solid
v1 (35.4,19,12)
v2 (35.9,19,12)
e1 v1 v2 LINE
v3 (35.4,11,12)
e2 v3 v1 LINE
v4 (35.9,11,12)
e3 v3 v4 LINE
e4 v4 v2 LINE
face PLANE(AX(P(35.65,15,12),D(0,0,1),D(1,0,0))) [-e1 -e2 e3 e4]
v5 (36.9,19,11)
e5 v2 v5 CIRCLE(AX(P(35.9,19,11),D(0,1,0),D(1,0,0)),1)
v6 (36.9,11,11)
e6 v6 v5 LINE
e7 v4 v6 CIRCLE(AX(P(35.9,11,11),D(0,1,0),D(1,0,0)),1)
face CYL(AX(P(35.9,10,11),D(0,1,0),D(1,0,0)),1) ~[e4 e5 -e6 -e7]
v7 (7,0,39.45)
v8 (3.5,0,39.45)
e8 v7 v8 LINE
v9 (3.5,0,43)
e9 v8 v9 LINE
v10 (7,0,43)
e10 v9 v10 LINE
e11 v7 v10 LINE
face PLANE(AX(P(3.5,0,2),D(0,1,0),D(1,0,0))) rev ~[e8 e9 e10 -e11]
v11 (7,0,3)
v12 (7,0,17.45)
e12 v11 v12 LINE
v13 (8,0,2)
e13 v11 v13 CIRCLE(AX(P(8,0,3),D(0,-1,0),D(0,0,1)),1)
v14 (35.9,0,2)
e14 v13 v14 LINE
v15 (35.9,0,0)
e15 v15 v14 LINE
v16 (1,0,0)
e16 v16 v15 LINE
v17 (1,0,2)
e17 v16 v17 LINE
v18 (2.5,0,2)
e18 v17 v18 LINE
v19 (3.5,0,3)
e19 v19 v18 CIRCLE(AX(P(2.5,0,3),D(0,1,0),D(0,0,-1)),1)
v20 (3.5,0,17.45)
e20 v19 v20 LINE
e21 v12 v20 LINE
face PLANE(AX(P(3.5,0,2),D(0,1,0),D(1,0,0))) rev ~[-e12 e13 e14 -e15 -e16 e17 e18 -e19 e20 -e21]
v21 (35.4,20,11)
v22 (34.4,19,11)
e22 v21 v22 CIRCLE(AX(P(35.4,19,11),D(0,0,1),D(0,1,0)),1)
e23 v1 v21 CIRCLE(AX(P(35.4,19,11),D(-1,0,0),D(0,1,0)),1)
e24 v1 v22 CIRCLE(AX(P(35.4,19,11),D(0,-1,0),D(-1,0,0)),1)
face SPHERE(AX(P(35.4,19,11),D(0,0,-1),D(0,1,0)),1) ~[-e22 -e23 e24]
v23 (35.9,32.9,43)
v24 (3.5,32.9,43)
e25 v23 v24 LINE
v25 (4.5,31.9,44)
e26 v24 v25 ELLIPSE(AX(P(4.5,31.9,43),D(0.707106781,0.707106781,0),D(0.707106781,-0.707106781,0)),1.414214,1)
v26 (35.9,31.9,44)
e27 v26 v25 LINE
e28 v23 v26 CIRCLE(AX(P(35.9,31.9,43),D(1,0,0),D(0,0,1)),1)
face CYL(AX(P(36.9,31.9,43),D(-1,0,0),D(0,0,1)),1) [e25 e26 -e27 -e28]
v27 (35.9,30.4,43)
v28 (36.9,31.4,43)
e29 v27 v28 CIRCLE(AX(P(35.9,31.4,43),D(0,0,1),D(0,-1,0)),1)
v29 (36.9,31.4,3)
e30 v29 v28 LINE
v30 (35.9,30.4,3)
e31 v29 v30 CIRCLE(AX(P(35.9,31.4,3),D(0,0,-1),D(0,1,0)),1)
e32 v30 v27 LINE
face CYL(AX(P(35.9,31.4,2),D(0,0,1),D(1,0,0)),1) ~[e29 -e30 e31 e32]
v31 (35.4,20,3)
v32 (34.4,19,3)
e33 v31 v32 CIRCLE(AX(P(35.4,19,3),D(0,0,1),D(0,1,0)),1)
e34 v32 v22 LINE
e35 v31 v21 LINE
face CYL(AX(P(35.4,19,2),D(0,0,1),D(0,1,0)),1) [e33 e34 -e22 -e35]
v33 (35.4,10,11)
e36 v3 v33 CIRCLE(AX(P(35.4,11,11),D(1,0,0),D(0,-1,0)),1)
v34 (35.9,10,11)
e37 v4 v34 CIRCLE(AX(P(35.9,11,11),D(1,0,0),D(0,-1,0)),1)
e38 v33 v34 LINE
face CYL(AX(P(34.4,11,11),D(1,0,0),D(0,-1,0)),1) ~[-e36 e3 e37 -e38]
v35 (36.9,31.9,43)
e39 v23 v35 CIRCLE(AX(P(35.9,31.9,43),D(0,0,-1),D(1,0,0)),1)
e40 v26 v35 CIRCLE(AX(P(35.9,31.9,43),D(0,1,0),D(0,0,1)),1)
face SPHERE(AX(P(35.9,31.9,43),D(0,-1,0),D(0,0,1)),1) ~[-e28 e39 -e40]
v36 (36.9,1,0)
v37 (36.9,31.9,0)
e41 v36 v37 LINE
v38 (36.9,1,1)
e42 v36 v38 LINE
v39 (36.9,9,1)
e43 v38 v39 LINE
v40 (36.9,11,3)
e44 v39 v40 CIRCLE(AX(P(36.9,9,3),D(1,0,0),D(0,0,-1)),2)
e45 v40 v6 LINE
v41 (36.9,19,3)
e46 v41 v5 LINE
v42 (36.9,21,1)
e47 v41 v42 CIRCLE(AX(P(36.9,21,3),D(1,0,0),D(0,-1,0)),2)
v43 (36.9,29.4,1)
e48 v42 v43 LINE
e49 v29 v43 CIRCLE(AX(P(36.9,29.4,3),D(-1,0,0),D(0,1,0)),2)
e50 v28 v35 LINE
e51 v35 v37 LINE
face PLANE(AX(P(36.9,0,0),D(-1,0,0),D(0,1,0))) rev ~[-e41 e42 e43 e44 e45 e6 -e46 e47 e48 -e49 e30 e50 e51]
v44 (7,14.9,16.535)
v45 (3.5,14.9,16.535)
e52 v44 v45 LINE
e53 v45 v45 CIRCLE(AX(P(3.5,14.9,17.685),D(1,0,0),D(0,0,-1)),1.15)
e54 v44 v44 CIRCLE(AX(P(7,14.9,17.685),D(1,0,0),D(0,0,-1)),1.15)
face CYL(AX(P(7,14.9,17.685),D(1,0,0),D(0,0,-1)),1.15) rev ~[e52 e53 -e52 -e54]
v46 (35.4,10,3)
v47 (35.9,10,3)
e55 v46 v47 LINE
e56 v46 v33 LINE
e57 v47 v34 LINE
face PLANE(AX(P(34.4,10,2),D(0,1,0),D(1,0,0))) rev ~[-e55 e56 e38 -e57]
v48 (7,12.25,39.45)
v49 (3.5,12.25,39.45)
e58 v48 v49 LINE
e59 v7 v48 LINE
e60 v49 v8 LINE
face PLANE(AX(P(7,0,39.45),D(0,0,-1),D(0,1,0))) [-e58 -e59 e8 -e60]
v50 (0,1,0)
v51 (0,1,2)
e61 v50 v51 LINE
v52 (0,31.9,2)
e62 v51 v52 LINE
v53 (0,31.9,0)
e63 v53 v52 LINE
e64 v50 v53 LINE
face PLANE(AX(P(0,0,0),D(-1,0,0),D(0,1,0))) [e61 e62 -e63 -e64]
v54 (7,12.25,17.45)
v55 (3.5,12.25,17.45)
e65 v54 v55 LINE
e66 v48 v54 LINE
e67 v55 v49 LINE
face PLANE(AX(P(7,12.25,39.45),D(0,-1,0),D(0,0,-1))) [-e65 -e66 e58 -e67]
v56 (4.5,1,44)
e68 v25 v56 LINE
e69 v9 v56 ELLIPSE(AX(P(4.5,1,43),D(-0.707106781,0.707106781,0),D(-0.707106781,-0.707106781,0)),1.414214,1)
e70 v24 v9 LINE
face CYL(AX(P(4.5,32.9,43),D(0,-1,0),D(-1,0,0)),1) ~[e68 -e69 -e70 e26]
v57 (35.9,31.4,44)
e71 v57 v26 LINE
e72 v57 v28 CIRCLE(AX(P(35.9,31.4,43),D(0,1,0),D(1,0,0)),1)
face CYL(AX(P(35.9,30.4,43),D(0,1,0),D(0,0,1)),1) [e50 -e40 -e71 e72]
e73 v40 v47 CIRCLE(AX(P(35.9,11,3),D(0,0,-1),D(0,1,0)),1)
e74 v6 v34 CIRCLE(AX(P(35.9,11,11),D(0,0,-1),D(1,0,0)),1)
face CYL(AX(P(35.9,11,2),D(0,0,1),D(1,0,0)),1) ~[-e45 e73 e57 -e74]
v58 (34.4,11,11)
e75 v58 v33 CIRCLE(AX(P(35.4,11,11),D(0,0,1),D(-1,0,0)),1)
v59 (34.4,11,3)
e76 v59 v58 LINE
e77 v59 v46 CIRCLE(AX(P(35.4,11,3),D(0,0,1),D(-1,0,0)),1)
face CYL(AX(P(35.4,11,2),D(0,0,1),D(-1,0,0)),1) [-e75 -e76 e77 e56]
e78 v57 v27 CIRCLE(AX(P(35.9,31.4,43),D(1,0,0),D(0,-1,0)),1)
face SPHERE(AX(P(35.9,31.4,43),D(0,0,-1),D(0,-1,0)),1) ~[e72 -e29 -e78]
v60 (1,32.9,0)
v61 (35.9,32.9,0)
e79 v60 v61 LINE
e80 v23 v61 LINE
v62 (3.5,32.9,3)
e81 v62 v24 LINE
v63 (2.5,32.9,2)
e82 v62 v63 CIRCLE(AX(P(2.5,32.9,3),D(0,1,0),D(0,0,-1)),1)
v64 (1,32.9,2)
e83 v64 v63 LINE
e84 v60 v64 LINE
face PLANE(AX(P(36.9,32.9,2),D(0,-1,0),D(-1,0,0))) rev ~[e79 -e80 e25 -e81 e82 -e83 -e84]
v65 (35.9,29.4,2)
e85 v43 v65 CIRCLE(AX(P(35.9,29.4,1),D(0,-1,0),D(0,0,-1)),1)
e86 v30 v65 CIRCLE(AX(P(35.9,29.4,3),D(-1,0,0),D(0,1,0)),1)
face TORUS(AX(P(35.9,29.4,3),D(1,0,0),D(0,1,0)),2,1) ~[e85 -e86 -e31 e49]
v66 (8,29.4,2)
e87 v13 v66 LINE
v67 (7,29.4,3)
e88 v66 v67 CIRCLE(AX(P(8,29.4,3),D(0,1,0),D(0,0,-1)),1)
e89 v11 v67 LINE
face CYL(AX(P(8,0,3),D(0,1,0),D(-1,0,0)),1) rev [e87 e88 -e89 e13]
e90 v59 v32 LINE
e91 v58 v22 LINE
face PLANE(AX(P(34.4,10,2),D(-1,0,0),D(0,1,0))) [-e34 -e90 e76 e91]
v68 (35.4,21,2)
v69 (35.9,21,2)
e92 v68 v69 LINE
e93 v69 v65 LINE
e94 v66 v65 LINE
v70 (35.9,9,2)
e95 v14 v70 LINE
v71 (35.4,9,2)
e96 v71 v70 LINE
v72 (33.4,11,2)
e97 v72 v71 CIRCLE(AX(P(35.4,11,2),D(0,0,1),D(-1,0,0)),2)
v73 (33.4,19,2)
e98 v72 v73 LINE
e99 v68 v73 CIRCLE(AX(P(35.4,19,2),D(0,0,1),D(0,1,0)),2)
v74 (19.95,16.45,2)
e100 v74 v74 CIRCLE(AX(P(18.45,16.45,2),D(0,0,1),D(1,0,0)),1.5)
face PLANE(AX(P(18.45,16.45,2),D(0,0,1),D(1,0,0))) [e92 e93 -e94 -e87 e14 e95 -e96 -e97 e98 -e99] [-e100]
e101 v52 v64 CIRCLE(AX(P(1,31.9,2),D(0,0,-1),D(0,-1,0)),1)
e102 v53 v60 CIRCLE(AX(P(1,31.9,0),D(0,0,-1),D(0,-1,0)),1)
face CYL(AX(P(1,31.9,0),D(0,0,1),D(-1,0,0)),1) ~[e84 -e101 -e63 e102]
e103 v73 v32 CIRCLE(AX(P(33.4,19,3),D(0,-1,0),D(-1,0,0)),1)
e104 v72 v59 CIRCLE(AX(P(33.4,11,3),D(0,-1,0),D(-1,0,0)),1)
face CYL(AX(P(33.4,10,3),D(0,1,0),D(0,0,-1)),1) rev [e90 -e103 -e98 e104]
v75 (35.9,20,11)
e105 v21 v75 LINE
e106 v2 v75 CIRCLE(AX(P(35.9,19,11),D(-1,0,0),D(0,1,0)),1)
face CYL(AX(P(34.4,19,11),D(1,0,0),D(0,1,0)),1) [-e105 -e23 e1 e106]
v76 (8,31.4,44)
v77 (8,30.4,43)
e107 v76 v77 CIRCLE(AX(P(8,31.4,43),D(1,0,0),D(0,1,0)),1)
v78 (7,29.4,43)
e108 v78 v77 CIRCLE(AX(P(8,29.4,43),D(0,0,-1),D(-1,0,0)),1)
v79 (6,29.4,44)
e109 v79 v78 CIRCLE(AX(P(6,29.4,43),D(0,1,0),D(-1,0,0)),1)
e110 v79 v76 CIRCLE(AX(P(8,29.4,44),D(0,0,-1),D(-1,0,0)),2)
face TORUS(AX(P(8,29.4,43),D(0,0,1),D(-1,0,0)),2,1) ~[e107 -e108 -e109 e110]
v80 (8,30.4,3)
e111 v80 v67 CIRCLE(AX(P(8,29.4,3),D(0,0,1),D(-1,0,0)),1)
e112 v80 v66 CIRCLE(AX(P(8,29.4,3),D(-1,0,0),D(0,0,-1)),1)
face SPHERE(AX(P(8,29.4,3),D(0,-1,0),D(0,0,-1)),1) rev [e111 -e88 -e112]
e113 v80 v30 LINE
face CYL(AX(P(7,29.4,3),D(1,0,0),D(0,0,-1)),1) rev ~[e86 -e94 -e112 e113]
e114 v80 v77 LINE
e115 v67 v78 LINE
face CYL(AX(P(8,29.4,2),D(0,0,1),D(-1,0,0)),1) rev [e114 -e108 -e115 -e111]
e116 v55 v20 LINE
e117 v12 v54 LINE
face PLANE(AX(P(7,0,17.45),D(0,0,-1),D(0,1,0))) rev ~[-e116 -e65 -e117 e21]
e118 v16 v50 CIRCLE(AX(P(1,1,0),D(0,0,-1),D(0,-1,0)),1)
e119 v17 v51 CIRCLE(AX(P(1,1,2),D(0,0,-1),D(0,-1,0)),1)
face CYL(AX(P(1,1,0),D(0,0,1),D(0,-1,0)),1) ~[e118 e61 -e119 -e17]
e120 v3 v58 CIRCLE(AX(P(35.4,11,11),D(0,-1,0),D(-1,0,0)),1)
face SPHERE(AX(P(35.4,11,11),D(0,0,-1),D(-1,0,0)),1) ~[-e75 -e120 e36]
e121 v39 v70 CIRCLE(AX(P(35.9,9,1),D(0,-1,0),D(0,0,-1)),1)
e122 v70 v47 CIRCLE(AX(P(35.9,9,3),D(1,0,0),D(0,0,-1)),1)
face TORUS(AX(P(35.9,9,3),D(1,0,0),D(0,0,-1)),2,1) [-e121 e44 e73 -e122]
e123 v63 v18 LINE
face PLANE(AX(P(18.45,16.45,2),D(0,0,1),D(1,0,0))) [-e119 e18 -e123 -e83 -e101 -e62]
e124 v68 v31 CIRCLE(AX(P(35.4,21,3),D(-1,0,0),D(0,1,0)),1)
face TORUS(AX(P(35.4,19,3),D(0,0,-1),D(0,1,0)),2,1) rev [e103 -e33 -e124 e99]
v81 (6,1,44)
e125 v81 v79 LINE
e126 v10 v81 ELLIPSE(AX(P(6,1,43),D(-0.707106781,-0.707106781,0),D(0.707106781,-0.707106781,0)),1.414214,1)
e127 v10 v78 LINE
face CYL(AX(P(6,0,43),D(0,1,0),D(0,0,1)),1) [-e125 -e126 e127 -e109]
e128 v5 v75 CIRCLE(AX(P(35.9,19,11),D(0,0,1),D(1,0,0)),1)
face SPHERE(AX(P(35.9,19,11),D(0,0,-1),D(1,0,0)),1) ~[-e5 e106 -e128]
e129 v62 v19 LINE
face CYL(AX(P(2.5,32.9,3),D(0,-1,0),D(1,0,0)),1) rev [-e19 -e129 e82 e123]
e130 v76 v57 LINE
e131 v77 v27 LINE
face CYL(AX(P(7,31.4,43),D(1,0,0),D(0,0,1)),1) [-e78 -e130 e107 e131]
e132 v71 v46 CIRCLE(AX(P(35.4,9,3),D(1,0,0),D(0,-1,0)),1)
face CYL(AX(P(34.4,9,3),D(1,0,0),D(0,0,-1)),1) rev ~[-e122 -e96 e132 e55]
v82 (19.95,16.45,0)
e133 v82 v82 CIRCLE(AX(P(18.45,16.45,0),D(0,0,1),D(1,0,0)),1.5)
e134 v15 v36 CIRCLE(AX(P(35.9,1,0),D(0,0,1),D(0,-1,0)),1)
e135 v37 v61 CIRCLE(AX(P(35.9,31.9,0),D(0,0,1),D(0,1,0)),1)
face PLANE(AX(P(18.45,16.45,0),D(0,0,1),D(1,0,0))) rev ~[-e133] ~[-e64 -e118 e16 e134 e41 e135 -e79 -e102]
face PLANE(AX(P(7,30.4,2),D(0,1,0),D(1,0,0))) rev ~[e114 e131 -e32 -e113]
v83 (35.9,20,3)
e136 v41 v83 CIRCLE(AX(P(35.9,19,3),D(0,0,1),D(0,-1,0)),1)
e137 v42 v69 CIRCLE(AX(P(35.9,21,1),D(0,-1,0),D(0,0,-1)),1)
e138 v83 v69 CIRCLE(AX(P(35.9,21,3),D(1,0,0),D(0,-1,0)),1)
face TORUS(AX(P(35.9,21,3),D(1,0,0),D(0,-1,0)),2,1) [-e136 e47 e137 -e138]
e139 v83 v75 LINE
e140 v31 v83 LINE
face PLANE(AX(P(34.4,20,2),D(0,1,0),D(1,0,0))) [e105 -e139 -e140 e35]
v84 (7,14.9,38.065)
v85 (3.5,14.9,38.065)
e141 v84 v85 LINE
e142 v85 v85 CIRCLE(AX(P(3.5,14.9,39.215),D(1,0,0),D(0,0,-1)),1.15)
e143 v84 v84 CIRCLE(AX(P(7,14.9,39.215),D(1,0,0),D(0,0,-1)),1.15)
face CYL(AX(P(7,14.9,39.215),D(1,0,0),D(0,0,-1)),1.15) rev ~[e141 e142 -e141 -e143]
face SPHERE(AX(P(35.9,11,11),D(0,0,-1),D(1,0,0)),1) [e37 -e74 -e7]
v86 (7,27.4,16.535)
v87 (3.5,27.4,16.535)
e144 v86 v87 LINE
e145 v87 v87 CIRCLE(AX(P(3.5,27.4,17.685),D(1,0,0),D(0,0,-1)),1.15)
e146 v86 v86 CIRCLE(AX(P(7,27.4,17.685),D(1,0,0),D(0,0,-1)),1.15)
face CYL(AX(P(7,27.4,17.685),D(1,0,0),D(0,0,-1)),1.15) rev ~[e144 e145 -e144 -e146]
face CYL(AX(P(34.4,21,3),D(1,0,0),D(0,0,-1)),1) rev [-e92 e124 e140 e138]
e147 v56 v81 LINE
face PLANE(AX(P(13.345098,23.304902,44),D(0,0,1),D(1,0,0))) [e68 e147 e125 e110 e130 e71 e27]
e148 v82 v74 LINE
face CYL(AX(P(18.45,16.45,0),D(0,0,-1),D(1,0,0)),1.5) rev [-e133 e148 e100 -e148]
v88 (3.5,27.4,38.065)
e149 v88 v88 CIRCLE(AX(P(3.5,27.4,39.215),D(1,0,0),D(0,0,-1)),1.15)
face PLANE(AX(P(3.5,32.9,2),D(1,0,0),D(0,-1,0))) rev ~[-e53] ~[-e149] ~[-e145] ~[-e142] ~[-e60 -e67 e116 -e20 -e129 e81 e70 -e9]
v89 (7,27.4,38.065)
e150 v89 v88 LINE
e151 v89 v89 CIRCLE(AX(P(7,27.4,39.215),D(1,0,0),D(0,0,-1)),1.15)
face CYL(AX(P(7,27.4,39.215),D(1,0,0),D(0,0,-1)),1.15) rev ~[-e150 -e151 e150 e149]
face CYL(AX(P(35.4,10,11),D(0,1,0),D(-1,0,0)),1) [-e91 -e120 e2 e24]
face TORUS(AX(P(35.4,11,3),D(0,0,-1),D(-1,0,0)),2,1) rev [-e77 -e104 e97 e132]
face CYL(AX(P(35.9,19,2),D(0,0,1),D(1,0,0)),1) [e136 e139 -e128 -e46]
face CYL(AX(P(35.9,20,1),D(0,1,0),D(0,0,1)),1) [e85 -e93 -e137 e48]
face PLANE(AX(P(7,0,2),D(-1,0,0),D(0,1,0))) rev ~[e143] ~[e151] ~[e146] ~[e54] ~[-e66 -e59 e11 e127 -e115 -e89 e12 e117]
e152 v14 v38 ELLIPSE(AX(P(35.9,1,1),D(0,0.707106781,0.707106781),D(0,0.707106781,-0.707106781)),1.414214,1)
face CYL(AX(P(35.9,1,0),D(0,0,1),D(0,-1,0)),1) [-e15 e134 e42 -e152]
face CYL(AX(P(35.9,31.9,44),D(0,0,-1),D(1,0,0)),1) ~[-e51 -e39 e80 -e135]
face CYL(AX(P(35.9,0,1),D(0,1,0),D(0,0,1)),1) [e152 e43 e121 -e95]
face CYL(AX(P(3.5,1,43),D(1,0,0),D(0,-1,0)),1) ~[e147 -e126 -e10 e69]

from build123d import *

# Parameters (mm, degrees)
SKETCH1_W           = 36.9
SKETCH1_H           = 32.9
SKETCH1_R           = 1.5
BOSS_EXTRUDE1_DEPTH = 2
BOSS_EXTRUDE2_DEPTH = 42
SKETCH5_W           = 2.5
SKETCH5_H           = 10
BOSS_EXTRUDE3_DEPTH = 10
FILLET1_R           = 1
CUT_EXTRUDE1_REACH  = 9
SKETCH3_R           = 1.15
SKETCH3_W           = 22
SKETCH3_H           = 12.25


with BuildPart() as part:
    # Sketch1 → Boss-Extrude1 (new body)
    with BuildSketch(Plane.XY):
        with Locations((18.45, 16.45)):
            Rectangle(SKETCH1_W, SKETCH1_H)
        with Locations((18.45, 16.45)):
            Circle(SKETCH1_R, mode=Mode.SUBTRACT)
    extrude(amount=BOSS_EXTRUDE1_DEPTH)

    # Sketch2 → Boss-Extrude2 (add)
    with BuildSketch(Plane.XY.offset(2)):
        Polygon((3.5, 0), (7, 0), (7, 30.4), (36.9, 30.4), (36.9, 32.9), (3.5, 32.9), align=None)
    extrude(amount=BOSS_EXTRUDE2_DEPTH)

    # Sketch5 → Boss-Extrude3 (add)
    with BuildSketch(Plane.XY.offset(2)):
        with Locations((35.65, 15)):
            Rectangle(SKETCH5_W, SKETCH5_H)
    extrude(amount=BOSS_EXTRUDE3_DEPTH)

    # Fillet1
    fillet1_edges = [part.edges().sort_by_distance(p)[0] for p in [
        (3.5, 16.45, 2),
        (7, 15.2, 2),
        (21.95, 30.4, 2),
        (7, 30.4, 23),
        (36.9, 30.4, 23),
        (3.5, 16.45, 44),
        (5.25, 0, 44),
        (7, 15.2, 44),
        (21.95, 30.4, 44),
        (36.9, 31.65, 44),
        (20.2, 32.9, 44),
        (36.9, 25.2, 2),
        (36.9, 10, 7),
        (35.65, 20, 2),
        (36.9, 20, 7),
        (34.4, 15, 2),
        (34.4, 20, 7),
        (35.65, 10, 2),
        (34.4, 10, 7),
        (36.9, 15, 12),
        (35.65, 20, 12),
        (34.4, 15, 12),
        (35.65, 10, 12),
        (36.9, 5, 2),
        (36.9, 0, 1),
        (0, 0, 1),
        (0, 32.9, 1),
        (36.9, 32.9, 22),
    ]]
    fillet(fillet1_edges, radius=FILLET1_R)

    # Sketch3 → Cut-Extrude1 (cut, up to next)
    with BuildSketch(Plane(origin=(7, 0, 0), x_dir=(0, 0, -1), z_dir=(1, 0, 0)), mode=Mode.PRIVATE) as cut_extrude1_sk1:
        with Locations((-39.215, 27.4)):
            Circle(SKETCH3_R)
    cut_extrude1_tool1 = extrude(cut_extrude1_sk1.sketch, amount=-CUT_EXTRUDE1_REACH, mode=Mode.PRIVATE) & part.part
    add(cut_extrude1_tool1.solids().sort_by_distance((7, 27.4, 39.215))[0], mode=Mode.SUBTRACT)
    # Sketch3 → Cut-Extrude1 (cut, up to next)
    with BuildSketch(Plane(origin=(7, 0, 0), x_dir=(0, 0, -1), z_dir=(1, 0, 0)), mode=Mode.PRIVATE) as cut_extrude1_sk2:
        with Locations((-17.685, 27.4)):
            Circle(SKETCH3_R)
    cut_extrude1_tool2 = extrude(cut_extrude1_sk2.sketch, amount=-CUT_EXTRUDE1_REACH, mode=Mode.PRIVATE) & part.part
    add(cut_extrude1_tool2.solids().sort_by_distance((7, 27.4, 17.685))[0], mode=Mode.SUBTRACT)
    # Sketch3 → Cut-Extrude1 (cut, up to next)
    with BuildSketch(Plane(origin=(7, 0, 0), x_dir=(0, 0, -1), z_dir=(1, 0, 0)), mode=Mode.PRIVATE) as cut_extrude1_sk3:
        with Locations((-39.215, 14.9)):
            Circle(SKETCH3_R)
    cut_extrude1_tool3 = extrude(cut_extrude1_sk3.sketch, amount=-CUT_EXTRUDE1_REACH, mode=Mode.PRIVATE) & part.part
    add(cut_extrude1_tool3.solids().sort_by_distance((7, 14.9, 39.215))[0], mode=Mode.SUBTRACT)
    # Sketch3 → Cut-Extrude1 (cut, up to next)
    with BuildSketch(Plane(origin=(7, 0, 0), x_dir=(0, 0, -1), z_dir=(1, 0, 0)), mode=Mode.PRIVATE) as cut_extrude1_sk4:
        with Locations((-17.685, 14.9)):
            Circle(SKETCH3_R)
    cut_extrude1_tool4 = extrude(cut_extrude1_sk4.sketch, amount=-CUT_EXTRUDE1_REACH, mode=Mode.PRIVATE) & part.part
    add(cut_extrude1_tool4.solids().sort_by_distance((7, 14.9, 17.685))[0], mode=Mode.SUBTRACT)
    # Sketch3 → Cut-Extrude1 (cut, up to next)
    with BuildSketch(Plane(origin=(7, 0, 0), x_dir=(0, 0, -1), z_dir=(1, 0, 0)), mode=Mode.PRIVATE) as cut_extrude1_sk5:
        with Locations((-28.45, 6.125)):
            Rectangle(SKETCH3_W, SKETCH3_H)
    cut_extrude1_tool5 = extrude(cut_extrude1_sk5.sketch, amount=-CUT_EXTRUDE1_REACH, mode=Mode.PRIVATE) & part.part
    add(cut_extrude1_tool5.solids().sort_by_distance((7, 6.125, 28.45))[0], mode=Mode.SUBTRACT)


solid = part.part
